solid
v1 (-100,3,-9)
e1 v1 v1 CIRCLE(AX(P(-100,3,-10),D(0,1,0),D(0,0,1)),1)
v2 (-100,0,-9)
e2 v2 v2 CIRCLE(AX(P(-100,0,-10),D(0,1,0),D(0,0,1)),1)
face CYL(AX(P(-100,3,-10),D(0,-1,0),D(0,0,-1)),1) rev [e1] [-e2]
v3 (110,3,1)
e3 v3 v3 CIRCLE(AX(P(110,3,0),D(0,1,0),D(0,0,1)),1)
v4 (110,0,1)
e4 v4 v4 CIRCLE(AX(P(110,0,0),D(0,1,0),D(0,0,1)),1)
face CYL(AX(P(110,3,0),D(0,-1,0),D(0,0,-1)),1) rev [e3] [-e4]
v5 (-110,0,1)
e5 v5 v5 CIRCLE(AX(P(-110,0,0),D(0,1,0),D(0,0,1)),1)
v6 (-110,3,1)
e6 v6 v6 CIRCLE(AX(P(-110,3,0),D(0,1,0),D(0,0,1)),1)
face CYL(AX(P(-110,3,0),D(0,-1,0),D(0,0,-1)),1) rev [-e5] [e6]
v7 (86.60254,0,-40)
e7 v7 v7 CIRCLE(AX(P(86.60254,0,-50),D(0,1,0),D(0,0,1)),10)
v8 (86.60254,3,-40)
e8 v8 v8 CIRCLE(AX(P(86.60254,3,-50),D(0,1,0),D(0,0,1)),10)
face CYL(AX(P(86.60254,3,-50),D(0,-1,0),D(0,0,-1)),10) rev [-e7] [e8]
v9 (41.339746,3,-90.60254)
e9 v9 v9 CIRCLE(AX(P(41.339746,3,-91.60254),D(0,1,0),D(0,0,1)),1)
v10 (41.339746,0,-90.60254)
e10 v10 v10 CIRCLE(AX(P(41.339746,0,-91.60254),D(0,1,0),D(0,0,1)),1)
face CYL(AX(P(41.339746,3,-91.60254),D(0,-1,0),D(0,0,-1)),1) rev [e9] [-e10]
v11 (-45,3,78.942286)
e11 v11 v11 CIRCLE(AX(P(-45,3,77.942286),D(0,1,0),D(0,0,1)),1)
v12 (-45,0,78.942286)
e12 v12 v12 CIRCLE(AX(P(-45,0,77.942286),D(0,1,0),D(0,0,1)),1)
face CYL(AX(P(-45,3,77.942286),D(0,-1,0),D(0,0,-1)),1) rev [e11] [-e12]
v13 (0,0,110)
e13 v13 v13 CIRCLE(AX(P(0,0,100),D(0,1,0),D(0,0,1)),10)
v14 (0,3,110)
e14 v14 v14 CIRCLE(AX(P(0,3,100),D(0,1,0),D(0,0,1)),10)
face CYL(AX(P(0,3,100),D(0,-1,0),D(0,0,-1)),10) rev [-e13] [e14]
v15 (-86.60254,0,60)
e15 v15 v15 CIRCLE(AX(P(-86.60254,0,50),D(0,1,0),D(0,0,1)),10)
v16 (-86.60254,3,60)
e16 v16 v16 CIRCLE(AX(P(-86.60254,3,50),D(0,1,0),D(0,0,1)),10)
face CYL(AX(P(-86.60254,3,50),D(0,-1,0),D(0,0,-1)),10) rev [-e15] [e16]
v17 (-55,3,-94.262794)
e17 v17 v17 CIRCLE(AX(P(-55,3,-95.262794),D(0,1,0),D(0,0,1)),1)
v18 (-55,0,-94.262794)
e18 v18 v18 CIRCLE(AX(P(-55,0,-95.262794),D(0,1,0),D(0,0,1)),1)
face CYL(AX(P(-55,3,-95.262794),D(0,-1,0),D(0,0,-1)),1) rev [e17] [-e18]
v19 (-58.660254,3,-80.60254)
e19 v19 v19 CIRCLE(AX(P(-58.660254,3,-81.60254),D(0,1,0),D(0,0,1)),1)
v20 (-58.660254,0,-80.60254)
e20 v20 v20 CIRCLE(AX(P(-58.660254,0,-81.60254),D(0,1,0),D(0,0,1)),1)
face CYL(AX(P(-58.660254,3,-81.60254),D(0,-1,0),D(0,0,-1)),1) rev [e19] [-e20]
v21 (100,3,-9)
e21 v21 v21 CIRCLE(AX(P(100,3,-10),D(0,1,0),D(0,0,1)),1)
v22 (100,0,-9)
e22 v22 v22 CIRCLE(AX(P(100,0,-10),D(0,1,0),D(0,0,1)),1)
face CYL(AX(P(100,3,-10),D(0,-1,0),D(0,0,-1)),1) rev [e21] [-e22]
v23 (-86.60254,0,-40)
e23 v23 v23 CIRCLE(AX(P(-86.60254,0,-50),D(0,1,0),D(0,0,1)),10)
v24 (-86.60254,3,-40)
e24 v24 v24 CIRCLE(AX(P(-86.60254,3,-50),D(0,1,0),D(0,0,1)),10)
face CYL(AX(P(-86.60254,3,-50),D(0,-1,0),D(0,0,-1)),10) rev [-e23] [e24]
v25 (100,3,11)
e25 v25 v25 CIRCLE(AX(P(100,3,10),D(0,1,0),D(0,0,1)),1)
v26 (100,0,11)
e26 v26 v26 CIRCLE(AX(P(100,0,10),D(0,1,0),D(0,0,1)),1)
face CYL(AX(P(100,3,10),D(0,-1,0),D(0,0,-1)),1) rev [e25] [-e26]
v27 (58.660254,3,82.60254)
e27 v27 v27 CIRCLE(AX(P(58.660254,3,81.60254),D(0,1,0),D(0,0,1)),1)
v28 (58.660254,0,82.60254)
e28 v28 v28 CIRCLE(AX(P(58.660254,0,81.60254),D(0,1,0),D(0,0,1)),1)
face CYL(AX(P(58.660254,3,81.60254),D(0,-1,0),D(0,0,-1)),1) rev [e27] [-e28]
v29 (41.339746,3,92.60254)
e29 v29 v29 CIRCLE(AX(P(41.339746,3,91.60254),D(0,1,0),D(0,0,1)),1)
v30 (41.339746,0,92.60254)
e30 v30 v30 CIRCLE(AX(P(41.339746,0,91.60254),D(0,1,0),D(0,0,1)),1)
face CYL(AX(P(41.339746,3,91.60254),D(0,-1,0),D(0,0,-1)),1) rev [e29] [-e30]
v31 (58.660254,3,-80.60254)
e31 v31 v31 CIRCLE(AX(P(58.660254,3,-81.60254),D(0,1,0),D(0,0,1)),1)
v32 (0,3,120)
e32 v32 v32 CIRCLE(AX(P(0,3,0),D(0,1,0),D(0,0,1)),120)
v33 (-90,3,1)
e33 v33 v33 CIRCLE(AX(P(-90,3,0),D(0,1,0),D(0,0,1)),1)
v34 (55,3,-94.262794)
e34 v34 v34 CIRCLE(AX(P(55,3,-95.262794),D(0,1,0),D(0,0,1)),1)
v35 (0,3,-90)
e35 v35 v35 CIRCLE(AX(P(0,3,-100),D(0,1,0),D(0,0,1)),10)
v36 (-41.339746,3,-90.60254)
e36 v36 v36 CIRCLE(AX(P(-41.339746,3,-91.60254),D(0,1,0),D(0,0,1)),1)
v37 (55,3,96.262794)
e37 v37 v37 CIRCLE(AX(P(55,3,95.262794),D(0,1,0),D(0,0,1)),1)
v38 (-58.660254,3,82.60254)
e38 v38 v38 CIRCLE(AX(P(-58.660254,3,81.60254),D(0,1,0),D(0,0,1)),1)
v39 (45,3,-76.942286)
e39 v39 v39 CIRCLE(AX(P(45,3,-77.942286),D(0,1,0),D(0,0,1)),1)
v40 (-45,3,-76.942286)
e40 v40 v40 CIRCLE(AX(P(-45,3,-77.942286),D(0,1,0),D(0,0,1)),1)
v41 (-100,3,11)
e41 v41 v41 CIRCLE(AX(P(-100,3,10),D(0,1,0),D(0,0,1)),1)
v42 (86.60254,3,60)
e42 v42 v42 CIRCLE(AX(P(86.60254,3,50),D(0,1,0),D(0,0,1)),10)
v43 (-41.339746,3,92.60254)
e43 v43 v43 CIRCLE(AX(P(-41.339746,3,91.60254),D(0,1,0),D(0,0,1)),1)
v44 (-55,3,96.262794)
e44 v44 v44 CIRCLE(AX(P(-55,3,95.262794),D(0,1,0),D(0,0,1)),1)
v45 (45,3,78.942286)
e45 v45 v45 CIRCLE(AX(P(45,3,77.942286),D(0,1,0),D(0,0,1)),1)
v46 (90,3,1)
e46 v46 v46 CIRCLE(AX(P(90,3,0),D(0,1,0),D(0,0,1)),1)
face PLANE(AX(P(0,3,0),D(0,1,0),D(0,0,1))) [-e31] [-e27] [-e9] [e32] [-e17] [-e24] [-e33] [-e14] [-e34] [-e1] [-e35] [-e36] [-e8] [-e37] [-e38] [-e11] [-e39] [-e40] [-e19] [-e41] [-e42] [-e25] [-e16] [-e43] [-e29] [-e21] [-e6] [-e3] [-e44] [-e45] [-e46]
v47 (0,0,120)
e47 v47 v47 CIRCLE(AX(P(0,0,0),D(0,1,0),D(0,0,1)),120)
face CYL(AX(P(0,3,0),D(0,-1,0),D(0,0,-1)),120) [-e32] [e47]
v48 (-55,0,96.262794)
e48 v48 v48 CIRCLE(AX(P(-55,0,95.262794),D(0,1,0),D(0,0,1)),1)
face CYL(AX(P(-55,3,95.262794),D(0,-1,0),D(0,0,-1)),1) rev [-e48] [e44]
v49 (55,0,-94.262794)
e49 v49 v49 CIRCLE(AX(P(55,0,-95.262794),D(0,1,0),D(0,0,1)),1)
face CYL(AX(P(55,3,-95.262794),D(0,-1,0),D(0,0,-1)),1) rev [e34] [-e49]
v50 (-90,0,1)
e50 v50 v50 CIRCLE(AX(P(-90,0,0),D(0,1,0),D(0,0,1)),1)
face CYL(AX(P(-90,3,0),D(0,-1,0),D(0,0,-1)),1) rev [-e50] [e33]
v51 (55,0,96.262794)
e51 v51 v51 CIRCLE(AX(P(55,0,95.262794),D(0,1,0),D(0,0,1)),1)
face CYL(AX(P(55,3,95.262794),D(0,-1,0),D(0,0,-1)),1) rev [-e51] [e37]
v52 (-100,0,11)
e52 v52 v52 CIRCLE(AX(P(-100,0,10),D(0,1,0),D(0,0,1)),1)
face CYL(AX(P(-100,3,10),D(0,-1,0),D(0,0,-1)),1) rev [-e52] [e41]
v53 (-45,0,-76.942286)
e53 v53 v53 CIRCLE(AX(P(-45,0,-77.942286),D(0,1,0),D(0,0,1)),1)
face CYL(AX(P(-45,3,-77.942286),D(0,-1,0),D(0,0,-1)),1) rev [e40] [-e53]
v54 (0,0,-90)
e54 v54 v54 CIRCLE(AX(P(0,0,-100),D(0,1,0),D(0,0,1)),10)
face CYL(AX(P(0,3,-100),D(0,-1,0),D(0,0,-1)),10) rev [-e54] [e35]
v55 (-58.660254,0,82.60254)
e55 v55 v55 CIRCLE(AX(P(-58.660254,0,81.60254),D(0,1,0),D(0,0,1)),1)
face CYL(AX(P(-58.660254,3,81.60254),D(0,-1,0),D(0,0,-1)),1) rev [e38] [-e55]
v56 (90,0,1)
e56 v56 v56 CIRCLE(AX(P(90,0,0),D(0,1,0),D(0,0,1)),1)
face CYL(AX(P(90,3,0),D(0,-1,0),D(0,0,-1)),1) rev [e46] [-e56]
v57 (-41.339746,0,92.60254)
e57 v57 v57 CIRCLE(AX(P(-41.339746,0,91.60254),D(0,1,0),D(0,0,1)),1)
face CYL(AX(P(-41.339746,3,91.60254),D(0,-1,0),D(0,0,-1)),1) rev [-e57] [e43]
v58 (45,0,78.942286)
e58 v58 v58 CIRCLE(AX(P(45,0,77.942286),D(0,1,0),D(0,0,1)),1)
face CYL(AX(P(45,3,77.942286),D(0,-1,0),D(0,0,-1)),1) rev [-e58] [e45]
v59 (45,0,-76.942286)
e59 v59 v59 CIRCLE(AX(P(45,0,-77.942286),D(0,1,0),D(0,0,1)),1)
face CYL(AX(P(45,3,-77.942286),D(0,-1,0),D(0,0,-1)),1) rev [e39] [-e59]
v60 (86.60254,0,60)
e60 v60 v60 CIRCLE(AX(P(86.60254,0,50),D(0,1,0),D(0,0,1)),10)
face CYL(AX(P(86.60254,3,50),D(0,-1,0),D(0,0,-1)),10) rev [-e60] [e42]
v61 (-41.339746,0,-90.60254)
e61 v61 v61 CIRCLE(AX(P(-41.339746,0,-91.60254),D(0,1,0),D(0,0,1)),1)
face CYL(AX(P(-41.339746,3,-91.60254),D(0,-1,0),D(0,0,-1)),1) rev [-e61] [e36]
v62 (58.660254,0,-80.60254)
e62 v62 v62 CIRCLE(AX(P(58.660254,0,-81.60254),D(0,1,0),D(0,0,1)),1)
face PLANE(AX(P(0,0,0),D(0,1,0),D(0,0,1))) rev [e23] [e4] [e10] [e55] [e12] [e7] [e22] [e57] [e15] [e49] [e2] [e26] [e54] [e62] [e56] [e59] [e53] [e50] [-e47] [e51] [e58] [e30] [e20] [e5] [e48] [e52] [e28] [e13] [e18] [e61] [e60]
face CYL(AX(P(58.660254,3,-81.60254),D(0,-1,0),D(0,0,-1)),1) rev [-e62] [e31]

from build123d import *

# Parameters (mm, degrees)
SKETCH1_R           = 120
SKETCH1_R_2         = 1
SKETCH1_R_3         = 10
BOSS_EXTRUDE1_DEPTH = 3


with BuildPart() as part:
    # Sketch1 → Boss-Extrude1 (new body)
    with BuildSketch(Plane(origin=(0, 0, 0), x_dir=(1, 0, 0), z_dir=(0, 1, 0))):
        with Locations(Location((0, 0, 0), (0, 0, 270))):
            Circle(SKETCH1_R)
        with Locations(Location((45, -77.942286341, 0), (0, 0, 270))):
            Circle(SKETCH1_R_2, mode=Mode.SUBTRACT)
        with Locations(Location((58.660254038, -81.602540378, 0), (0, 0, 270))):
            Circle(SKETCH1_R_2, mode=Mode.SUBTRACT)
        with Locations(Location((55, -95.262794416, 0), (0, 0, 270))):
            Circle(SKETCH1_R_2, mode=Mode.SUBTRACT)
        with Locations(Location((41.339745962, -91.602540378, 0), (0, 0, 270))):
            Circle(SKETCH1_R_2, mode=Mode.SUBTRACT)
        with Locations(Location((110, 0, 0), (0, 0, 270))):
            Circle(SKETCH1_R_2, mode=Mode.SUBTRACT)
        with Locations(Location((100, -10, 0), (0, 0, 270))):
            Circle(SKETCH1_R_2, mode=Mode.SUBTRACT)
        with Locations(Location((90, 0, 0), (0, 0, 270))):
            Circle(SKETCH1_R_2, mode=Mode.SUBTRACT)
        with Locations(Location((100, 10, 0), (0, 0, 270))):
            Circle(SKETCH1_R_2, mode=Mode.SUBTRACT)
        with Locations(Location((-45, -77.942286341, 0), (0, 0, 270))):
            Circle(SKETCH1_R_2, mode=Mode.SUBTRACT)
        with Locations(Location((-41.339745962, -91.602540378, 0), (0, 0, 270))):
            Circle(SKETCH1_R_2, mode=Mode.SUBTRACT)
        with Locations(Location((-55, -95.262794416, 0), (0, 0, 270))):
            Circle(SKETCH1_R_2, mode=Mode.SUBTRACT)
        with Locations(Location((-58.660254038, -81.602540378, 0), (0, 0, 270))):
            Circle(SKETCH1_R_2, mode=Mode.SUBTRACT)
        with Locations(Location((-90, 0, 0), (0, 0, 270))):
            Circle(SKETCH1_R_2, mode=Mode.SUBTRACT)
        with Locations(Location((-100, -10, 0), (0, 0, 270))):
            Circle(SKETCH1_R_2, mode=Mode.SUBTRACT)
        with Locations(Location((-110, 0, 0), (0, 0, 270))):
            Circle(SKETCH1_R_2, mode=Mode.SUBTRACT)
        with Locations(Location((-100, 10, 0), (0, 0, 270))):
            Circle(SKETCH1_R_2, mode=Mode.SUBTRACT)
        with Locations(Location((-45, 77.942286341, 0), (0, 0, 270))):
            Circle(SKETCH1_R_2, mode=Mode.SUBTRACT)
        with Locations(Location((-58.660254038, 81.602540378, 0), (0, 0, 270))):
            Circle(SKETCH1_R_2, mode=Mode.SUBTRACT)
        with Locations(Location((-55, 95.262794416, 0), (0, 0, 270))):
            Circle(SKETCH1_R_2, mode=Mode.SUBTRACT)
        with Locations(Location((-41.339745962, 91.602540378, 0), (0, 0, 270))):
            Circle(SKETCH1_R_2, mode=Mode.SUBTRACT)
        with Locations(Location((45, 77.942286341, 0), (0, 0, 270))):
            Circle(SKETCH1_R_2, mode=Mode.SUBTRACT)
        with Locations(Location((41.339745962, 91.602540378, 0), (0, 0, 270))):
            Circle(SKETCH1_R_2, mode=Mode.SUBTRACT)
        with Locations(Location((55, 95.262794416, 0), (0, 0, 270))):
            Circle(SKETCH1_R_2, mode=Mode.SUBTRACT)
        with Locations(Location((58.660254038, 81.602540378, 0), (0, 0, 270))):
            Circle(SKETCH1_R_2, mode=Mode.SUBTRACT)
        with Locations(Location((0, 100, 0), (0, 0, 270))):
            Circle(SKETCH1_R_3, mode=Mode.SUBTRACT)
        with Locations(Location((-86.602540378, 50, 0), (0, 0, 270))):
            Circle(SKETCH1_R_3, mode=Mode.SUBTRACT)
        with Locations(Location((-86.602540378, -50, 0), (0, 0, 270))):
            Circle(SKETCH1_R_3, mode=Mode.SUBTRACT)
        with Locations(Location((0, -100, 0), (0, 0, 270))):
            Circle(SKETCH1_R_3, mode=Mode.SUBTRACT)
        with Locations(Location((86.602540378, -50, 0), (0, 0, 270))):
            Circle(SKETCH1_R_3, mode=Mode.SUBTRACT)
        with Locations(Location((86.602540378, 50, 0), (0, 0, 270))):
            Circle(SKETCH1_R_3, mode=Mode.SUBTRACT)
    extrude(amount=BOSS_EXTRUDE1_DEPTH)


solid = part.part
